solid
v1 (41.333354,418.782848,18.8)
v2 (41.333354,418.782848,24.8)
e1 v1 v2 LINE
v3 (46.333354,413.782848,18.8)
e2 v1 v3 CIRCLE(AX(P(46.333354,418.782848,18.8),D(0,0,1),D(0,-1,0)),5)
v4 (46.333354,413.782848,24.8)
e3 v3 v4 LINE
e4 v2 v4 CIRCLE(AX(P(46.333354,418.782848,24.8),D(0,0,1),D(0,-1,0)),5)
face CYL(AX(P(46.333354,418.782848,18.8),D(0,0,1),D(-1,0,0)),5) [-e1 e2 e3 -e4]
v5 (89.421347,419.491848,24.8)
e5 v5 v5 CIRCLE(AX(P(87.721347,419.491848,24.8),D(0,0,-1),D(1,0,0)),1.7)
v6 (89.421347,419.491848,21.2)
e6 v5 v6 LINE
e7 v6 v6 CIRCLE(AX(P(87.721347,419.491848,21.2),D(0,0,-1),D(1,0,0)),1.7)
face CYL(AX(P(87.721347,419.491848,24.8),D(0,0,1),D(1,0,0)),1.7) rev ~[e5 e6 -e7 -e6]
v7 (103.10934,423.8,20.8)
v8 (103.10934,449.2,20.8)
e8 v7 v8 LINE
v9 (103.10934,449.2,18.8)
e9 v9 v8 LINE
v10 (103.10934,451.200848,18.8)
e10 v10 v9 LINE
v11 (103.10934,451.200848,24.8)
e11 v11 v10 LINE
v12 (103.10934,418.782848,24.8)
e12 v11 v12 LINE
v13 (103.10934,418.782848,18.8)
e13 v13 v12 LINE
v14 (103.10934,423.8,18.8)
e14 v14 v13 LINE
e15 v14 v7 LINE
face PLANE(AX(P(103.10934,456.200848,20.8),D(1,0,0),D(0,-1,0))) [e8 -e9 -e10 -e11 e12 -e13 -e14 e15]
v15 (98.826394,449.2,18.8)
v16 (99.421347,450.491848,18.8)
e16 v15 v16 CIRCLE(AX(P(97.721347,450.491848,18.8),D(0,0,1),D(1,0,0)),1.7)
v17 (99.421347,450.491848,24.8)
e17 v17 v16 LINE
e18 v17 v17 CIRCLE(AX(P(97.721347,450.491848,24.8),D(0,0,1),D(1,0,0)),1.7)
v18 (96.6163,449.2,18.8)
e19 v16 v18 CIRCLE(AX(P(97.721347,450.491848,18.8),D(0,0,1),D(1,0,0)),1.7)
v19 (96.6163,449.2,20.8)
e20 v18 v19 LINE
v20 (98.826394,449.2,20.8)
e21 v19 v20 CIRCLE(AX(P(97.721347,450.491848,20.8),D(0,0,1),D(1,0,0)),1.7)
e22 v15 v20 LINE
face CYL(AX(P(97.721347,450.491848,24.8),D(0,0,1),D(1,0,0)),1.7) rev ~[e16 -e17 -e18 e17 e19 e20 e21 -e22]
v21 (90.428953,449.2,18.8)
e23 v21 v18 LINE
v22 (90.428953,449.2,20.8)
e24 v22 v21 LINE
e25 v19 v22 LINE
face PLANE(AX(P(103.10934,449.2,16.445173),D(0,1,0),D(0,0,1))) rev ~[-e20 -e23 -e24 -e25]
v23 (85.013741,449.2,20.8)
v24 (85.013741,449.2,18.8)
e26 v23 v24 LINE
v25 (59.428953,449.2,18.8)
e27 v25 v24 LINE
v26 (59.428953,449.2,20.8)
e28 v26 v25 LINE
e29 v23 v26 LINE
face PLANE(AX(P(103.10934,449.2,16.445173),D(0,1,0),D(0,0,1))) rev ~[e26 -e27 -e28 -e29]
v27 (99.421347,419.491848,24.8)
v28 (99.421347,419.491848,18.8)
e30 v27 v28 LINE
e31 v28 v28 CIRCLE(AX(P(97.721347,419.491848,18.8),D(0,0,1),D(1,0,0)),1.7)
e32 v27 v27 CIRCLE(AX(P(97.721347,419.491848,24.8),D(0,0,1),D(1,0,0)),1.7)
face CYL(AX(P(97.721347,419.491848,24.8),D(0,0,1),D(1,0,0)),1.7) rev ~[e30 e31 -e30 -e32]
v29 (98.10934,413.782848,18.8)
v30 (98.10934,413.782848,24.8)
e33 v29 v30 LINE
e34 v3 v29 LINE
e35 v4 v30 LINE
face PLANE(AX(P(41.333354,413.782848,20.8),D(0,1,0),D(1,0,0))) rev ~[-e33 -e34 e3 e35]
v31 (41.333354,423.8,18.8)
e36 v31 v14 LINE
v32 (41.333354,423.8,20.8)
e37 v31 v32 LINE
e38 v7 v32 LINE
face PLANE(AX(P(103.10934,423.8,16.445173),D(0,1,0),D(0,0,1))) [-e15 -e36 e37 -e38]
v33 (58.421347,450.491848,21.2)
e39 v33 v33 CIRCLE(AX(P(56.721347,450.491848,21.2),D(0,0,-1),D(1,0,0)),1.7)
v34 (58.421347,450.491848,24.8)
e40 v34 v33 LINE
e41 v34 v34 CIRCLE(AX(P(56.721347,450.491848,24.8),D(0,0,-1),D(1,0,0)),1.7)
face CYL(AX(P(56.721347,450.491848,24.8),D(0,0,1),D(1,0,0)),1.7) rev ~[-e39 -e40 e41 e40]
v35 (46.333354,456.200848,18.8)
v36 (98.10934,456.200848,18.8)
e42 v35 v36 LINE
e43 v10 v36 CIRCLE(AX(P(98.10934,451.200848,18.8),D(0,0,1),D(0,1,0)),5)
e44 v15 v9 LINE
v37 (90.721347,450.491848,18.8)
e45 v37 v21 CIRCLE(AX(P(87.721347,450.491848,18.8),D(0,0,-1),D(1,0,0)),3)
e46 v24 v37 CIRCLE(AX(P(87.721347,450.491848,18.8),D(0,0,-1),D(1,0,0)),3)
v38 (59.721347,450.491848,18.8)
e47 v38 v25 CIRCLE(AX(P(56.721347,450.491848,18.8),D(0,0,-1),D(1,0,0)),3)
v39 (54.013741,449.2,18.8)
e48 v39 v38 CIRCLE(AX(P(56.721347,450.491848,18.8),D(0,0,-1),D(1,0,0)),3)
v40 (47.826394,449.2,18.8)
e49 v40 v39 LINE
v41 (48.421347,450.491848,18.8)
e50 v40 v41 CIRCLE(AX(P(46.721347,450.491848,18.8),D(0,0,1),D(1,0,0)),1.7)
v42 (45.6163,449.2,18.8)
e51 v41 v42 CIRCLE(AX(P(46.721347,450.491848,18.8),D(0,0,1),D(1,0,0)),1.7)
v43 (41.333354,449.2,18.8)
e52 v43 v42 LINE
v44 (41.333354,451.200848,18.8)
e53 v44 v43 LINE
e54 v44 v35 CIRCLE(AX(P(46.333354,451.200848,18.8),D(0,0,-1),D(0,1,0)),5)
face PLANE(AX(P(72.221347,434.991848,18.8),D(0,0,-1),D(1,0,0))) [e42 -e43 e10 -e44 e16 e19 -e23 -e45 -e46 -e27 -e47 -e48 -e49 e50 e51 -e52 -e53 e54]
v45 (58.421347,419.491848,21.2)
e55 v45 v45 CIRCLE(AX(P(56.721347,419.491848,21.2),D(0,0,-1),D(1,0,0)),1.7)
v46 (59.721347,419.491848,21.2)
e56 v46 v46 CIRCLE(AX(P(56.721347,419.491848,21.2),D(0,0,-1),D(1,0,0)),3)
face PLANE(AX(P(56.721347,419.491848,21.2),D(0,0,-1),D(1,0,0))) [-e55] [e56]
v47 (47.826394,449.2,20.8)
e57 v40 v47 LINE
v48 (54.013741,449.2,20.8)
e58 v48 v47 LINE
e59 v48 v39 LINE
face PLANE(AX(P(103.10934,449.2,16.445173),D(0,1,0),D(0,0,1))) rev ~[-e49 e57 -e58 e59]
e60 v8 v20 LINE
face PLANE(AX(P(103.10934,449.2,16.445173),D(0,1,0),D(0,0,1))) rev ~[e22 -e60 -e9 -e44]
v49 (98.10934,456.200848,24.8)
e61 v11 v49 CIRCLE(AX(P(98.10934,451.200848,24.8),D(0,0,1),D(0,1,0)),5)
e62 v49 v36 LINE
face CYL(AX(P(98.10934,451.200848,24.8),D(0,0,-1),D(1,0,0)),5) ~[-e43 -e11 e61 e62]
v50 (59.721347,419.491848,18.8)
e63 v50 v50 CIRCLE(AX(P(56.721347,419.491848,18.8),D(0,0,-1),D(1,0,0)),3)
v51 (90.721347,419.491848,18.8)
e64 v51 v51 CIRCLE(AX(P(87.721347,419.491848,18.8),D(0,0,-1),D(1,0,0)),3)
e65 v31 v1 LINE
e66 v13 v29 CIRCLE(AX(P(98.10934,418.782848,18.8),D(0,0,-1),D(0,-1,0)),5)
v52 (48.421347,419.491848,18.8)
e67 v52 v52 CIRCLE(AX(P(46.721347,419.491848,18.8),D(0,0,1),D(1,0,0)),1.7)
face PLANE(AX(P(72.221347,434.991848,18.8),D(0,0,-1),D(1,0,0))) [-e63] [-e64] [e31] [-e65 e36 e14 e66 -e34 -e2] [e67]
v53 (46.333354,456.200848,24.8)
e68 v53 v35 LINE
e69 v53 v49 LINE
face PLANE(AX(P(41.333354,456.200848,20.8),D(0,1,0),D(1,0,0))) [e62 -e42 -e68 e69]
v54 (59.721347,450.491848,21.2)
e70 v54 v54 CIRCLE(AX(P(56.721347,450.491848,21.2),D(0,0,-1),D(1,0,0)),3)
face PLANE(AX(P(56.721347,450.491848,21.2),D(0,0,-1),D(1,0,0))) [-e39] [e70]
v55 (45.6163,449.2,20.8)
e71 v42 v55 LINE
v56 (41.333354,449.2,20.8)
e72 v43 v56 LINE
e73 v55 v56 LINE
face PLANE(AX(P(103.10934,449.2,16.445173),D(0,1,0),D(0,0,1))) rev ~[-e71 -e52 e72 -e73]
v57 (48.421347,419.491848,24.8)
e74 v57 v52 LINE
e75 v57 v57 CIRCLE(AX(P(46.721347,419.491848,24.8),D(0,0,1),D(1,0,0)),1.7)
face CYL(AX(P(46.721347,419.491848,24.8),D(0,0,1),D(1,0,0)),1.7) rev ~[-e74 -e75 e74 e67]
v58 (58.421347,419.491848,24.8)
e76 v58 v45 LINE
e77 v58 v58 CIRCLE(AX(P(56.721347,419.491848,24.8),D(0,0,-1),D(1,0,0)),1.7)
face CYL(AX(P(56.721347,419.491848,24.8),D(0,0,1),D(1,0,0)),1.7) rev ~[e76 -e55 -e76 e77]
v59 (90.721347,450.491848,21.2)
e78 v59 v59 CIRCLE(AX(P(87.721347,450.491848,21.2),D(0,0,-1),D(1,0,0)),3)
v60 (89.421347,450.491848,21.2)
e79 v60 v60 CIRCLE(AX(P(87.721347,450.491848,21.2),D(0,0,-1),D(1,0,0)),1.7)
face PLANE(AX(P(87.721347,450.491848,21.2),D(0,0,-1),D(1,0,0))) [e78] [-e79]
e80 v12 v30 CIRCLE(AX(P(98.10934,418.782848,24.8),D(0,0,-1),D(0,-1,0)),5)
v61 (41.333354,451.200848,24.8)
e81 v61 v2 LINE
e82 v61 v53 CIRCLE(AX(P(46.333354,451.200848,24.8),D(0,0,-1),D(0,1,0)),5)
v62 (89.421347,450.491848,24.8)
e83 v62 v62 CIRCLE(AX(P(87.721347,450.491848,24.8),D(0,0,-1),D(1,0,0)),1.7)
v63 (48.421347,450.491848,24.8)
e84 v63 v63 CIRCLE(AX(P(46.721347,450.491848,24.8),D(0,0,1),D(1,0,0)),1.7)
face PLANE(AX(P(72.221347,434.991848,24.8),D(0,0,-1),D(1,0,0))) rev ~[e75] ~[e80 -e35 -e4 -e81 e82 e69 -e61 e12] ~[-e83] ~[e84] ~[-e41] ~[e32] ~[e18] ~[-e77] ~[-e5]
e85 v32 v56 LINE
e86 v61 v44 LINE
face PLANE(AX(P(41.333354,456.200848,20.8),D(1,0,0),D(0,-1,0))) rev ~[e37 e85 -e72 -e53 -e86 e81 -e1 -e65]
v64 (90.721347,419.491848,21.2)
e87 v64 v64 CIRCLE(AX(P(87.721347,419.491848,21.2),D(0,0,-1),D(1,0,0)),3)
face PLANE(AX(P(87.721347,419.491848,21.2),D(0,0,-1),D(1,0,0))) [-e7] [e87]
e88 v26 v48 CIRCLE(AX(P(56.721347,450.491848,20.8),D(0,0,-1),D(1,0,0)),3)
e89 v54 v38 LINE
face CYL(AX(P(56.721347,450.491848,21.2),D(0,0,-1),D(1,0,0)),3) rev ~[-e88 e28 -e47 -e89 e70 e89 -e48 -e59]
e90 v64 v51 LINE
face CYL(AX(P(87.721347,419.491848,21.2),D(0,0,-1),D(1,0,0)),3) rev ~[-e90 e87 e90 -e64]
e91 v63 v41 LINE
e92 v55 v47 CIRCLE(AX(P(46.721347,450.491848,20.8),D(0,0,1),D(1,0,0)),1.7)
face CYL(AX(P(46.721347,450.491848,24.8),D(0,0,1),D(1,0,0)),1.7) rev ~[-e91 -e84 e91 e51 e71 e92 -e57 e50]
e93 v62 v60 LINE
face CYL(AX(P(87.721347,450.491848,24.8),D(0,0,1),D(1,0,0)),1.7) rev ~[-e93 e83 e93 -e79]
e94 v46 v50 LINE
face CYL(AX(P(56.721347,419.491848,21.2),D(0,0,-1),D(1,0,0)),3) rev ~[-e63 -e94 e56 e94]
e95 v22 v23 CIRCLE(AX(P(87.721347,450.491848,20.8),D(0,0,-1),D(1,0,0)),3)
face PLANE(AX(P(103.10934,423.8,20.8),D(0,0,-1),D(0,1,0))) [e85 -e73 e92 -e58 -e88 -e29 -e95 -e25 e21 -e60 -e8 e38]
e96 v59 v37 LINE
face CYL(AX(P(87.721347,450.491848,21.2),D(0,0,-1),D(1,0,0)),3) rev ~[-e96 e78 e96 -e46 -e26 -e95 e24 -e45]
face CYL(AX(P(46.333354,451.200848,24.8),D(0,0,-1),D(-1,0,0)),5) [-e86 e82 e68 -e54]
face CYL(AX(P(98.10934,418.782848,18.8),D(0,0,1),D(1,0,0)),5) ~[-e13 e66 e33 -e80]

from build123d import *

# Parameters (mm, degrees)
SKETCH_W            = 61.775986
SKETCH_H            = 42.418
PAD_DEPTH           = 2
PAD_DEPTH_BACK      = 4
SKETCH001_R         = 1.7
HOLE_DEPTH          = 25
HOLE001_D           = 3.4
HOLE001_DEPTH       = 25
HOLE001_CBORE_D     = 6
HOLE001_CBORE_DEPTH = 2.4
FILLET_R            = 5
SKETCH003_W         = 25.4
SKETCH003_H         = 4.354827
POCKET_DEPTH        = 61.776986


with BuildPart() as part:
    # Sketch (on Face4 of Binder) → Pad (new body, two sides)
    with BuildSketch(Plane(origin=(0, 0, 20.8), x_dir=(1, 0, 0), z_dir=(0, 0, -1))) as pad_sk:
        with Locations((72.221347, -434.991848)):
            Rectangle(SKETCH_W, SKETCH_H)
    extrude(amount=PAD_DEPTH)
    extrude(pad_sk.sketch, amount=-PAD_DEPTH_BACK)

    # Sketch001 (on Face5 of Pad) → Hole (cut)
    with BuildSketch(Plane.XY.offset(24.8)):
        with Locations((87.721347, 450.491848)):
            Circle(SKETCH001_R)
        with Locations((56.721347, 450.491848)):
            Circle(SKETCH001_R)
        with Locations((87.721347, 419.491848)):
            Circle(SKETCH001_R)
        with Locations((56.721347, 419.491848)):
            Circle(SKETCH001_R)
        with Locations((46.721347, 419.491848)):
            Circle(SKETCH001_R)
        with Locations((46.721347, 450.491848)):
            Circle(SKETCH001_R)
        with Locations((97.721347, 419.491848)):
            Circle(SKETCH001_R)
        with Locations((97.721347, 450.491848)):
            Circle(SKETCH001_R)
    extrude(amount=-HOLE_DEPTH, mode=Mode.SUBTRACT)

    # Hole001
    with Locations(Plane(origin=(0, 0, 18.8), x_dir=(1, 0, 0), z_dir=(0, 0, -1))):
        with Locations((56.721347, -419.491848), (87.721347, -419.491848), (87.721347, -450.491848), (56.721347, -450.491848)):
            CounterBoreHole(HOLE001_D / 2, HOLE001_CBORE_D / 2, HOLE001_CBORE_DEPTH, depth=HOLE001_DEPTH)

    # Fillet
    fillet_edges = [part.edges().sort_by_distance(p)[0] for p in [
        (41.333354, 413.782848, 21.8),
        (103.10934, 413.782848, 21.8),
        (103.10934, 456.200848, 21.8),
        (41.333354, 456.200848, 21.8),
    ]]
    fillet(fillet_edges, radius=FILLET_R)

    # Sketch003 (on Face7 of Fillet) → Pocket (cut, through all)
    with BuildSketch(Plane.YZ.offset(103.10934)):
        with Locations((436.5, 18.622587)):
            Rectangle(SKETCH003_W, SKETCH003_H)
    extrude(amount=-POCKET_DEPTH, mode=Mode.SUBTRACT)


solid = part.part
